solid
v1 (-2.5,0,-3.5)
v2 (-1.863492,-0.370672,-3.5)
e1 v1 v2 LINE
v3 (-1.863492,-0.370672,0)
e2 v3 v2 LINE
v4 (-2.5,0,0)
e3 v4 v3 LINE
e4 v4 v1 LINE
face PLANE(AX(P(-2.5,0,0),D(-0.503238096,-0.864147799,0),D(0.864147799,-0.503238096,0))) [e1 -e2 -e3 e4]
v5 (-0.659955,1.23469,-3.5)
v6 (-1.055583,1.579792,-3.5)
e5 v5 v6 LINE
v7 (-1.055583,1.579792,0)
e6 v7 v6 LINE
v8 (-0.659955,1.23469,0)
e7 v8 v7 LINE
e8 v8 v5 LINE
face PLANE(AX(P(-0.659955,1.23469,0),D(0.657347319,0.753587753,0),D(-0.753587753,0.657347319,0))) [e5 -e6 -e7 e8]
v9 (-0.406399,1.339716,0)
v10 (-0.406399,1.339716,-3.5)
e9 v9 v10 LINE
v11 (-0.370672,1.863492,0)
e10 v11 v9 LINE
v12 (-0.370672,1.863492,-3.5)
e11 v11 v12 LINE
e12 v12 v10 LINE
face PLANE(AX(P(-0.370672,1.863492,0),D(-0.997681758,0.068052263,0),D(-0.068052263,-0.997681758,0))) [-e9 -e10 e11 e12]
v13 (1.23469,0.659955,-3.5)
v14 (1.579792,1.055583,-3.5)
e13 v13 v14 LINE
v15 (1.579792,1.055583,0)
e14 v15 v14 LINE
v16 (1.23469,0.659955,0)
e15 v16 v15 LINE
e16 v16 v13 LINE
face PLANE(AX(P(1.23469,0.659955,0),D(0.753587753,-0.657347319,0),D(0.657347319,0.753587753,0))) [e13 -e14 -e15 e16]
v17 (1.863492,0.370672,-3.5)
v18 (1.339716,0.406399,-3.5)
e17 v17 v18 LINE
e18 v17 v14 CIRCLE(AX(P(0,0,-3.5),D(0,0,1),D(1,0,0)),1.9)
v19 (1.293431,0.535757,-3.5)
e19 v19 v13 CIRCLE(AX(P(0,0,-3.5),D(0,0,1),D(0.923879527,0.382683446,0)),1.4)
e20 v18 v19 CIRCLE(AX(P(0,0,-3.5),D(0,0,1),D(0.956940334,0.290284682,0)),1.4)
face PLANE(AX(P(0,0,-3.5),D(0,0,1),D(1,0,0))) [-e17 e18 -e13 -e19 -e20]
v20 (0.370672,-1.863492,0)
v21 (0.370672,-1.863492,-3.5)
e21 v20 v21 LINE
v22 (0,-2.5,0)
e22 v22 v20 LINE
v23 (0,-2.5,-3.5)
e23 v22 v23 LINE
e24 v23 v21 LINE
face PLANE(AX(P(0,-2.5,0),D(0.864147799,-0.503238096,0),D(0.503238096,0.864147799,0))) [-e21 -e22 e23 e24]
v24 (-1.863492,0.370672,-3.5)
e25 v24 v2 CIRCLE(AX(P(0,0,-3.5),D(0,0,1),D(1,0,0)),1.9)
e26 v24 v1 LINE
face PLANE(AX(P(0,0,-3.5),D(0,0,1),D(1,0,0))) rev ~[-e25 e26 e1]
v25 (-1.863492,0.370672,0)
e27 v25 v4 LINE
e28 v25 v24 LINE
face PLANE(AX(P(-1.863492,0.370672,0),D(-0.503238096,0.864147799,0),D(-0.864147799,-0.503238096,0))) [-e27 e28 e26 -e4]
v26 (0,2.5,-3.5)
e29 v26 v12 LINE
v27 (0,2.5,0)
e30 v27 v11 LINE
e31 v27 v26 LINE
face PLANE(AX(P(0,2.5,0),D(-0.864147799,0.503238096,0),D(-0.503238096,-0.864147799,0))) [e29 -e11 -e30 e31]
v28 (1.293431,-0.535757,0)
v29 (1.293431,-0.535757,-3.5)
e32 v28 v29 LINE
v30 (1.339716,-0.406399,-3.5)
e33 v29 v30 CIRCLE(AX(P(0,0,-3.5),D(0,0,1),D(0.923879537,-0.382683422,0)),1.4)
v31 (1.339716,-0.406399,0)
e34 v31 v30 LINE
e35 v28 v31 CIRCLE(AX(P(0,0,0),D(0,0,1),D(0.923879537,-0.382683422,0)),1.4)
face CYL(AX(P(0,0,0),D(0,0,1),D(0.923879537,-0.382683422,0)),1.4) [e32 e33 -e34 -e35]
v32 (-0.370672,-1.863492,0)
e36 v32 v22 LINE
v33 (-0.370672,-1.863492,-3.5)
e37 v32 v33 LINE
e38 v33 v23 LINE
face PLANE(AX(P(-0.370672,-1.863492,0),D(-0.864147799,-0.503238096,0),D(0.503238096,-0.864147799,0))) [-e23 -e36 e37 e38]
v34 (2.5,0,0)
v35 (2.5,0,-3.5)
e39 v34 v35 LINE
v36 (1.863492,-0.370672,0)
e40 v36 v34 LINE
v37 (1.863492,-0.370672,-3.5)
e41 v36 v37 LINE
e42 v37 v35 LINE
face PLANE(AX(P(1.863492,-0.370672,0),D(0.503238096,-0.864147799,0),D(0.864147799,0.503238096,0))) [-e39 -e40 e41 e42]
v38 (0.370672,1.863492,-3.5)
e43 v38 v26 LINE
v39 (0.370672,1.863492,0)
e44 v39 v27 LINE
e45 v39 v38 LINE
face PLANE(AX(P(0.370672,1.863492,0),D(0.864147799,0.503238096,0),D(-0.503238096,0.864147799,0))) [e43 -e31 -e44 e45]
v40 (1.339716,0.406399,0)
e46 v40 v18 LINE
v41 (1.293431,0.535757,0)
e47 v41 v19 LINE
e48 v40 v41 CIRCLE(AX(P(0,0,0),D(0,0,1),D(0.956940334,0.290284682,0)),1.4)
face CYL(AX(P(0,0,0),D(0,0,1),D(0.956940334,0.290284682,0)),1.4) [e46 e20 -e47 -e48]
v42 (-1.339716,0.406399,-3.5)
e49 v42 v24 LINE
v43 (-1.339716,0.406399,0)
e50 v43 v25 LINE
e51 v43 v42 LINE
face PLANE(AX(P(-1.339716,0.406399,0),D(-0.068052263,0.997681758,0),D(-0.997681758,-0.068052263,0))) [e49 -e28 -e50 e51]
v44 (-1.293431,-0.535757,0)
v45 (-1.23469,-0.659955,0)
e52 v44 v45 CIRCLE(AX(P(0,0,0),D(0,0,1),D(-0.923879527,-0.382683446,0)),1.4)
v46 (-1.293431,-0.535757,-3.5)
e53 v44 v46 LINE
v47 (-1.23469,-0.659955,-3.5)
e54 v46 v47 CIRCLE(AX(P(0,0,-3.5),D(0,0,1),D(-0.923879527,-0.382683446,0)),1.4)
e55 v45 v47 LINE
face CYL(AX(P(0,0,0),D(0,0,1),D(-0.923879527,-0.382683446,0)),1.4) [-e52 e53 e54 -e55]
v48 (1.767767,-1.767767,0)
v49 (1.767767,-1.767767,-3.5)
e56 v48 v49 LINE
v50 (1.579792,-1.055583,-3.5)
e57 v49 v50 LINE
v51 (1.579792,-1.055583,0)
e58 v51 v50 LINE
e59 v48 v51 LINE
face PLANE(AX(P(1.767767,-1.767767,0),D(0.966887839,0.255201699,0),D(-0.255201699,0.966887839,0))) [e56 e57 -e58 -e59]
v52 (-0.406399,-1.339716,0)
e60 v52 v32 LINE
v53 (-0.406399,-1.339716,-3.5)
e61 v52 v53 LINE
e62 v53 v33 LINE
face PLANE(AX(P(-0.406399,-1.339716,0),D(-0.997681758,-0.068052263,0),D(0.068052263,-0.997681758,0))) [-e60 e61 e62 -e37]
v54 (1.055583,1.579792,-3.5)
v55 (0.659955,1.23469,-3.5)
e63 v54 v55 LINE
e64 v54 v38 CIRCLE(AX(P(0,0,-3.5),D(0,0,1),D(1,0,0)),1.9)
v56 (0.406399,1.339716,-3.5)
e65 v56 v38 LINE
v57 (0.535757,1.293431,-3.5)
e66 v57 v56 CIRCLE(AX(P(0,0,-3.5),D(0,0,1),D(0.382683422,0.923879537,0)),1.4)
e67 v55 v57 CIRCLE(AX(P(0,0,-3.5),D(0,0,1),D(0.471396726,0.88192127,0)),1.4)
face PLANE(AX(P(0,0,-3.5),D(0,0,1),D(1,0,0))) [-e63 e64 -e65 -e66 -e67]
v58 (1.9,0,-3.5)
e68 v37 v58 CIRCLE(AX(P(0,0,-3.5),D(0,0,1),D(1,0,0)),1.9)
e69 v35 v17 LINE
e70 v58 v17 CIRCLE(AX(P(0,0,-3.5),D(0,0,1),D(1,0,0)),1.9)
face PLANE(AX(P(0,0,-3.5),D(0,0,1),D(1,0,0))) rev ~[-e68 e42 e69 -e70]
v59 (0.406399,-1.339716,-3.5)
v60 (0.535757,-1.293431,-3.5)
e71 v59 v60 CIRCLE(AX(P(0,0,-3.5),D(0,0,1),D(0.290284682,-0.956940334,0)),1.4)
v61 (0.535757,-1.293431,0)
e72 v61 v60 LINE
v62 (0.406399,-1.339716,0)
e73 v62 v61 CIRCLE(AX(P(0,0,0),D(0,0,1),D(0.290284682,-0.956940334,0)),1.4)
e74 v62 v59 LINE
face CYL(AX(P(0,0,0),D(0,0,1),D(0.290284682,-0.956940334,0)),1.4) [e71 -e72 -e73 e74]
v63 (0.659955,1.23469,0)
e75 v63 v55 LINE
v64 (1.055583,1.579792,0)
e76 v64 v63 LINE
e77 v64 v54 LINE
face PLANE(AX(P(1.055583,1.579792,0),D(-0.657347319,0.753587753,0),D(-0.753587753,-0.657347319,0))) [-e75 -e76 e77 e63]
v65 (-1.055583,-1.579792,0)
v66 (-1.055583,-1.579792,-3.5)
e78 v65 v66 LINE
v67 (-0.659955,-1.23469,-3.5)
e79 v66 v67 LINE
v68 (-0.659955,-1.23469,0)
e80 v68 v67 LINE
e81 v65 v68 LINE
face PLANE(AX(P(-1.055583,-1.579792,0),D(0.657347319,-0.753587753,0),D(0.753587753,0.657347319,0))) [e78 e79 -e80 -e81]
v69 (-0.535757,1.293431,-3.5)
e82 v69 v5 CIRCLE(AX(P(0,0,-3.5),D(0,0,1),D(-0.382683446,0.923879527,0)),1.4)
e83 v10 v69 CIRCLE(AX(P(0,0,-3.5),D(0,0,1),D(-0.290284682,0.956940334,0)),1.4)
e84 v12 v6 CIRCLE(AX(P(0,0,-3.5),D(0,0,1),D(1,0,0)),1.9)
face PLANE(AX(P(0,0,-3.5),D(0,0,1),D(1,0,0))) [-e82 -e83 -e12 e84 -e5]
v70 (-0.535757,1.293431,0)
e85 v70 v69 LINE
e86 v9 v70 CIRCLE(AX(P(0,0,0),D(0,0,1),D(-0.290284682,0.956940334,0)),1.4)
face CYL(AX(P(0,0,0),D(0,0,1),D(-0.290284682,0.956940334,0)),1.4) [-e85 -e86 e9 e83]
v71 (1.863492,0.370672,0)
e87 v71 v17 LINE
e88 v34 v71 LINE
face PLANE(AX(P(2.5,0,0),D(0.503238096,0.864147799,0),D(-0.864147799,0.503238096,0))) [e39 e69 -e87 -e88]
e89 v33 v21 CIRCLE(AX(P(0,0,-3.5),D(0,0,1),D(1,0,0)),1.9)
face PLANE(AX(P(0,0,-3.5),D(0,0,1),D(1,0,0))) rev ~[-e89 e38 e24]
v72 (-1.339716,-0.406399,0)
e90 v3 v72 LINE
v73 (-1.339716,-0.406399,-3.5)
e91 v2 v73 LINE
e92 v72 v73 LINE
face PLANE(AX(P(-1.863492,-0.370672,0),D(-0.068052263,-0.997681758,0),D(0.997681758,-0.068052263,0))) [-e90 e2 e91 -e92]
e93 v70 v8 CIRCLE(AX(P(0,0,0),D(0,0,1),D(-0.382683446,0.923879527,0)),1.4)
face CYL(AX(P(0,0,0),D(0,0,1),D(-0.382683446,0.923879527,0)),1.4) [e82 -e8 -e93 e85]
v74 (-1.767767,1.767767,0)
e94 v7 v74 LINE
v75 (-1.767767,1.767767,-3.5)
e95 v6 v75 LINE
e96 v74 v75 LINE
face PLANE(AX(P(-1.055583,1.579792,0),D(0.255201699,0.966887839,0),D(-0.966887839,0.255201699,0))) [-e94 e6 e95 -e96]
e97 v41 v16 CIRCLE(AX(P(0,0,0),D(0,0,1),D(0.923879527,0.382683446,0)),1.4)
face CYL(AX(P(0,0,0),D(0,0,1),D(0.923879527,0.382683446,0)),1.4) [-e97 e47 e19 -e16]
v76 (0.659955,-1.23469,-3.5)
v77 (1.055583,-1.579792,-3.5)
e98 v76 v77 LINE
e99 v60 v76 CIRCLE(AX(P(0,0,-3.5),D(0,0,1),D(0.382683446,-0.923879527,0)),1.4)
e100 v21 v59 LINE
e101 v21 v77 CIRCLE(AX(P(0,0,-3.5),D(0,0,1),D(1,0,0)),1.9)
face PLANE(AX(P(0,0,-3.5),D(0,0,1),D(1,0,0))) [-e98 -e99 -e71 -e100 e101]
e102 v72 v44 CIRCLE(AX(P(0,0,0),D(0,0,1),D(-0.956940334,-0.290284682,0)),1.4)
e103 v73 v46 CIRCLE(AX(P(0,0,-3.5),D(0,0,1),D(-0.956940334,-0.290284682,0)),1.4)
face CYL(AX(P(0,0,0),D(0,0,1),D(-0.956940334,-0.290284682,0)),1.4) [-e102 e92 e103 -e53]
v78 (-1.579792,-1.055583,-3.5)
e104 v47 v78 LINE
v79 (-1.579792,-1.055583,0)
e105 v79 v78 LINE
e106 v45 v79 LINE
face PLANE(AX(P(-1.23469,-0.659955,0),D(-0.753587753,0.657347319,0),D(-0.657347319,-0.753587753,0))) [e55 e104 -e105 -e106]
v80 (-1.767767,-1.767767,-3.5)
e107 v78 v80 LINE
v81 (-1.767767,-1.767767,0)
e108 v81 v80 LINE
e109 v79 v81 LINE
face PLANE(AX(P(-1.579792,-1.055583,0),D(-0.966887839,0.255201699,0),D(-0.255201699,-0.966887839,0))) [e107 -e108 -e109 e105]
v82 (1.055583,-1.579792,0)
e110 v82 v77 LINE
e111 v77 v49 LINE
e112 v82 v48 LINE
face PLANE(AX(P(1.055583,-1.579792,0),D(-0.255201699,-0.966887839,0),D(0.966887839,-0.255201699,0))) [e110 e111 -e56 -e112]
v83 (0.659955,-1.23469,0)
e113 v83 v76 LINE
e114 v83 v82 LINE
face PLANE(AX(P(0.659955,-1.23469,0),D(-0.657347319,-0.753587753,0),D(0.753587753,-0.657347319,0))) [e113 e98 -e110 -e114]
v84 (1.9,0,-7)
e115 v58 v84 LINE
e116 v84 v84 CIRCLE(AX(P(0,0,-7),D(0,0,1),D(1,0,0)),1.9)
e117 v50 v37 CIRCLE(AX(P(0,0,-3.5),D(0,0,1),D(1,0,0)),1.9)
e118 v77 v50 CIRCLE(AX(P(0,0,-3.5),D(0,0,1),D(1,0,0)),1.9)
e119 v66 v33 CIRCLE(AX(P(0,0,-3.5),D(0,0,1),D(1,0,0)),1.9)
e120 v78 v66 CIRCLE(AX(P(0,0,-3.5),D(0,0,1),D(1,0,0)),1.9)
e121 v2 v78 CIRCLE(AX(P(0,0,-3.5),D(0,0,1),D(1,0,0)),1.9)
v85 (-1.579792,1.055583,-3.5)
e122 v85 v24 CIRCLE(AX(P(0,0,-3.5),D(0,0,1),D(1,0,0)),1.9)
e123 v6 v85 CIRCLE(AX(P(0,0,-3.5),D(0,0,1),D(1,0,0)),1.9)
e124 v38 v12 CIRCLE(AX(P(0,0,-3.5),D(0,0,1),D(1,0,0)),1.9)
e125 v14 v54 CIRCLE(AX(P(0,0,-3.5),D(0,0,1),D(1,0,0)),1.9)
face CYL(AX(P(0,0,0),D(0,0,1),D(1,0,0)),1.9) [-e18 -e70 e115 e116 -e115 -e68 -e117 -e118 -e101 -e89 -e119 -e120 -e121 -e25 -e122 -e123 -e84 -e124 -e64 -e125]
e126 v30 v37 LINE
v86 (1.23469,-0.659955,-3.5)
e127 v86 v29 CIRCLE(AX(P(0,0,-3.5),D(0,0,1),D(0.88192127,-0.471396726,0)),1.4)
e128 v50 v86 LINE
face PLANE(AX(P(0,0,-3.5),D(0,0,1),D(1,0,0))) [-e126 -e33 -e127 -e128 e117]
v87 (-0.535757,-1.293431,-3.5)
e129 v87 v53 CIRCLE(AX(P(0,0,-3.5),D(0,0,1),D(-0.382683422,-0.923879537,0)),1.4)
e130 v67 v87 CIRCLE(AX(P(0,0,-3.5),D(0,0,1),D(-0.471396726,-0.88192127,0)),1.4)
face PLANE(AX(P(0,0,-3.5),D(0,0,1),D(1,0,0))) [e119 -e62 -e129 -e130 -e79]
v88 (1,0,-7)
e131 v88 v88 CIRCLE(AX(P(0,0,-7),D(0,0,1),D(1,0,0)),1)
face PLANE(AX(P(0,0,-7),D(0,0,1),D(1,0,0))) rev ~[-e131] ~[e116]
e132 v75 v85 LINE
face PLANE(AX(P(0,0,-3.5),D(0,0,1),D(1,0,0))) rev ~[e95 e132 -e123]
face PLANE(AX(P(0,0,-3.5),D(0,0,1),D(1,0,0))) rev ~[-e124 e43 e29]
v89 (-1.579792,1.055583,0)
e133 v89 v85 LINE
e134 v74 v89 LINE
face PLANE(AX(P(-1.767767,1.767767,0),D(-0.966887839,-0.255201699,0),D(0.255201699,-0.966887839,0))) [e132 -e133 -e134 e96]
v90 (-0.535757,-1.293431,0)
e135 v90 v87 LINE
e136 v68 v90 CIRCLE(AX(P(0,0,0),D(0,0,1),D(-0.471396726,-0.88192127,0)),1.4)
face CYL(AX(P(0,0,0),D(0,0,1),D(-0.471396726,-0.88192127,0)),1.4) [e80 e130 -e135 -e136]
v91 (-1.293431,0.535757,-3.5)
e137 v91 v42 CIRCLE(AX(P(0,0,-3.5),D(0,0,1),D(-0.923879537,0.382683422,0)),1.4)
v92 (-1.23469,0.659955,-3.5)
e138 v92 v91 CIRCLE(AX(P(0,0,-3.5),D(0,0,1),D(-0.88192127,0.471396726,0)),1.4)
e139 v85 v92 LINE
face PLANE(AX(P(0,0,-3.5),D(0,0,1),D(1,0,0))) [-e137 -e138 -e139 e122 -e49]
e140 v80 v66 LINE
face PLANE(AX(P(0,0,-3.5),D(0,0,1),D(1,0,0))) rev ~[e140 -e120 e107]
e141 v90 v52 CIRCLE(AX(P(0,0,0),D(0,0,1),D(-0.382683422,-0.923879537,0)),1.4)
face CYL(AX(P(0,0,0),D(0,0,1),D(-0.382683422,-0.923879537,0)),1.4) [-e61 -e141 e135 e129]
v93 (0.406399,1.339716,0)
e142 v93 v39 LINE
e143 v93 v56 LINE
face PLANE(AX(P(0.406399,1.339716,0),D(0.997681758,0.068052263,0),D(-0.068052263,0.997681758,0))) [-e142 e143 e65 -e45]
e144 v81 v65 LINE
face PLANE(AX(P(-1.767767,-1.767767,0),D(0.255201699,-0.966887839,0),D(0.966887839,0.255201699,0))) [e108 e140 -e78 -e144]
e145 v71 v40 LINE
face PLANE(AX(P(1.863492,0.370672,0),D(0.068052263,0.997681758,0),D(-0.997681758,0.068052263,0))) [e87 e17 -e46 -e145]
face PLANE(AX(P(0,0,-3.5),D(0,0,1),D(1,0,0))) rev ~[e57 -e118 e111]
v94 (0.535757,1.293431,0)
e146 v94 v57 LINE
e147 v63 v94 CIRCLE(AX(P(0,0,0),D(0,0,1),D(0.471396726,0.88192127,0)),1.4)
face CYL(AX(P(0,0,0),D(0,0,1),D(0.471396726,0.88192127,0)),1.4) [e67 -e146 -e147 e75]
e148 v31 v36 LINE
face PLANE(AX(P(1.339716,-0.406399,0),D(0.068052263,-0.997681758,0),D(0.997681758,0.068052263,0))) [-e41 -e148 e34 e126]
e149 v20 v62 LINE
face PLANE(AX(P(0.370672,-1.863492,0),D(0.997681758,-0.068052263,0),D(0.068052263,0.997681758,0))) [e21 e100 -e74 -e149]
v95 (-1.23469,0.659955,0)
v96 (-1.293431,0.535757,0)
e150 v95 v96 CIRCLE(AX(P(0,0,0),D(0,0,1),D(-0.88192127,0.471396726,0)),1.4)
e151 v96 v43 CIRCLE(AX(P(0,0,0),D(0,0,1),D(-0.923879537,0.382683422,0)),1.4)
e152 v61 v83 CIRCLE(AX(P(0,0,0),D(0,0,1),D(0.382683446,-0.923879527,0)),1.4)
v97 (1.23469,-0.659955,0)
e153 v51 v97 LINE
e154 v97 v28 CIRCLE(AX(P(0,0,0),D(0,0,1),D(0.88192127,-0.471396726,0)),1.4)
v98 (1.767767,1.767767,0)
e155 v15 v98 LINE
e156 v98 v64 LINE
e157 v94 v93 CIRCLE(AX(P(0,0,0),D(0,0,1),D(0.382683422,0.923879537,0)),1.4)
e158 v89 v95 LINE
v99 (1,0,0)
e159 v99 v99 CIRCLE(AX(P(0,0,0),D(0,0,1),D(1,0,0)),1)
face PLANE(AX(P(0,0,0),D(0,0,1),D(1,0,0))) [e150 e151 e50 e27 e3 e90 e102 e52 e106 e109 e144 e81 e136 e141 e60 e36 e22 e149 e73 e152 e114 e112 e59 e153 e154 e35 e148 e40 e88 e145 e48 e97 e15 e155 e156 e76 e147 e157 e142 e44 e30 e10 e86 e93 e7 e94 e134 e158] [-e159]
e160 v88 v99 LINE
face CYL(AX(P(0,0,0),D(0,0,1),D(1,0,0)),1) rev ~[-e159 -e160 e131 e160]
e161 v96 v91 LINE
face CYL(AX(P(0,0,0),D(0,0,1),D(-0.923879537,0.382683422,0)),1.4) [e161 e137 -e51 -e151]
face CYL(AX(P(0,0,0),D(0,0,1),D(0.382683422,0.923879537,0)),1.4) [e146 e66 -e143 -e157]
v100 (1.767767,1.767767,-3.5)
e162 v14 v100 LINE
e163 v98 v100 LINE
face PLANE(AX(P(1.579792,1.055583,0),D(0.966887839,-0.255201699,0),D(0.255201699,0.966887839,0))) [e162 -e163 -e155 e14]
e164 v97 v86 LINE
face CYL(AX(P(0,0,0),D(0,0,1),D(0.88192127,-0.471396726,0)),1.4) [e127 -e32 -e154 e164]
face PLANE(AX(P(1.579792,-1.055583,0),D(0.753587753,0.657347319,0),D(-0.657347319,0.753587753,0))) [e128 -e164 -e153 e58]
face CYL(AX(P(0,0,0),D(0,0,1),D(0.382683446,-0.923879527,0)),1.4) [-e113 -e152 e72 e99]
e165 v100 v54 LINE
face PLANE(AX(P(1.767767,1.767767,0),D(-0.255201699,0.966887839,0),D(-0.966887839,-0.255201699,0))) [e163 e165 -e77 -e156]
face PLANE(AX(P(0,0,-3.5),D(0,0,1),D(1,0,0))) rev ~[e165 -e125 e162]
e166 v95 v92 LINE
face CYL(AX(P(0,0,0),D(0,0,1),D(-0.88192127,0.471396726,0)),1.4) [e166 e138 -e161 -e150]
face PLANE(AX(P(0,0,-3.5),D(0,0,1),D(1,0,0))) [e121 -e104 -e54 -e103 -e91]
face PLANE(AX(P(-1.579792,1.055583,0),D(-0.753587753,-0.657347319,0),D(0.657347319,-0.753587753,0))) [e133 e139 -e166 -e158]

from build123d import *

# Parameters (mm, degrees)
SKETCH1_R           = 1.9
SKETCH1_R_2         = 1
BOSS_EXTRUDE1_DEPTH = 7
SKETCH2_R           = 1.9
SKETCH2_R_2         = 1.4
CUT_EXTRUDE1_DEPTH  = 3.5
SKETCH3_R           = 1
BOSS_EXTRUDE2_DEPTH = 3.5


with BuildPart() as part:
    # Sketch1 → Boss-Extrude1 (new body)
    with BuildSketch(Plane.XY):
        Circle(SKETCH1_R)
        Circle(SKETCH1_R_2, mode=Mode.SUBTRACT)
    extrude(amount=-BOSS_EXTRUDE1_DEPTH)

    # Sketch2 → Cut-Extrude1 (cut)
    with BuildSketch(Plane.XY):
        Circle(SKETCH2_R)
        Circle(SKETCH2_R_2, mode=Mode.SUBTRACT)
    extrude(amount=-CUT_EXTRUDE1_DEPTH, mode=Mode.SUBTRACT)

    # Sketch3 → Boss-Extrude2 (add)
    with BuildSketch(Plane.XY):
        with BuildLine():
            Line((1.579792263, 1.055583443), (1.767766953, 1.767766953))
            Line((1.767766953, 1.767766953), (1.055583443, 1.579792263))
            Line((1.055583443, 1.579792263), (0.659955432, 1.23468977))
            ThreePointArc((0.659955432, 1.23468977), (0.598577131, 1.26558501), (0.535756805, 1.293431346))
            ThreePointArc((0.535756805, 1.293431346), (0.471645795, 1.318161691), (0.406398548, 1.33971647))
            Line((0.406398548, 1.33971647), (0.370671612, 1.863492033))
            Line((0.370671612, 1.863492033), (0, 2.5))
            Line((0, 2.5), (-0.370671612, 1.863492033))
            Line((-0.370671612, 1.863492033), (-0.406398548, 1.33971647))
            ThreePointArc((-0.406398548, 1.33971647), (-0.471645795, 1.318161691), (-0.535756805, 1.293431346))
            ThreePointArc((-0.535756805, 1.293431346), (-0.598577131, 1.26558501), (-0.659955432, 1.23468977))
            Line((-0.659955432, 1.23468977), (-1.055583443, 1.579792263))
            Line((-1.055583443, 1.579792263), (-1.767766953, 1.767766953))
            Line((-1.767766953, 1.767766953), (-1.579792263, 1.055583443))
            Line((-1.579792263, 1.055583443), (-1.23468977, 0.659955432))
            ThreePointArc((-1.23468977, 0.659955432), (-1.26558501, 0.598577131), (-1.293431346, 0.535756805))
            ThreePointArc((-1.293431346, 0.535756805), (-1.318161691, 0.471645795), (-1.33971647, 0.406398548))
            Line((-1.33971647, 0.406398548), (-1.863492033, 0.370671612))
            Line((-1.863492033, 0.370671612), (-2.5, 0))
            Line((-2.5, 0), (-1.863492033, -0.370671612))
            Line((-1.863492033, -0.370671612), (-1.33971647, -0.406398548))
            ThreePointArc((-1.33971647, -0.406398548), (-1.318161691, -0.471645795), (-1.293431346, -0.535756805))
            ThreePointArc((-1.293431346, -0.535756805), (-1.26558501, -0.598577131), (-1.23468977, -0.659955432))
            Line((-1.23468977, -0.659955432), (-1.579792263, -1.055583443))
            Line((-1.579792263, -1.055583443), (-1.767766953, -1.767766953))
            Line((-1.767766953, -1.767766953), (-1.055583443, -1.579792263))
            Line((-1.055583443, -1.579792263), (-0.659955432, -1.23468977))
            ThreePointArc((-0.659955432, -1.23468977), (-0.598577131, -1.26558501), (-0.535756805, -1.293431346))
            ThreePointArc((-0.535756805, -1.293431346), (-0.471645795, -1.318161691), (-0.406398548, -1.33971647))
            Line((-0.406398548, -1.33971647), (-0.370671612, -1.863492033))
            Line((-0.370671612, -1.863492033), (0, -2.5))
            Line((0, -2.5), (0.370671612, -1.863492033))
            Line((0.370671612, -1.863492033), (0.406398548, -1.33971647))
            ThreePointArc((0.406398548, -1.33971647), (0.471645795, -1.318161691), (0.535756805, -1.293431346))
            ThreePointArc((0.535756805, -1.293431346), (0.598577131, -1.26558501), (0.659955432, -1.23468977))
            Line((0.659955432, -1.23468977), (1.055583443, -1.579792263))
            Line((1.055583443, -1.579792263), (1.767766953, -1.767766953))
            Line((1.767766953, -1.767766953), (1.579792263, -1.055583443))
            Line((1.579792263, -1.055583443), (1.23468977, -0.659955432))
            ThreePointArc((1.23468977, -0.659955432), (1.26558501, -0.598577131), (1.293431346, -0.535756805))
            ThreePointArc((1.293431346, -0.535756805), (1.318161691, -0.471645795), (1.33971647, -0.406398548))
            Line((1.33971647, -0.406398548), (1.863492033, -0.370671612))
            Line((1.863492033, -0.370671612), (2.5, 0))
            Line((2.5, 0), (1.863492033, 0.370671612))
            Line((1.863492033, 0.370671612), (1.33971647, 0.406398548))
            ThreePointArc((1.33971647, 0.406398548), (1.318161691, 0.471645795), (1.293431346, 0.535756805))
            ThreePointArc((1.293431346, 0.535756805), (1.26558501, 0.598577131), (1.23468977, 0.659955432))
            Line((1.23468977, 0.659955432), (1.579792263, 1.055583443))
        make_face()
        Circle(SKETCH3_R, mode=Mode.SUBTRACT)
    extrude(amount=-BOSS_EXTRUDE2_DEPTH)


solid = part.part
